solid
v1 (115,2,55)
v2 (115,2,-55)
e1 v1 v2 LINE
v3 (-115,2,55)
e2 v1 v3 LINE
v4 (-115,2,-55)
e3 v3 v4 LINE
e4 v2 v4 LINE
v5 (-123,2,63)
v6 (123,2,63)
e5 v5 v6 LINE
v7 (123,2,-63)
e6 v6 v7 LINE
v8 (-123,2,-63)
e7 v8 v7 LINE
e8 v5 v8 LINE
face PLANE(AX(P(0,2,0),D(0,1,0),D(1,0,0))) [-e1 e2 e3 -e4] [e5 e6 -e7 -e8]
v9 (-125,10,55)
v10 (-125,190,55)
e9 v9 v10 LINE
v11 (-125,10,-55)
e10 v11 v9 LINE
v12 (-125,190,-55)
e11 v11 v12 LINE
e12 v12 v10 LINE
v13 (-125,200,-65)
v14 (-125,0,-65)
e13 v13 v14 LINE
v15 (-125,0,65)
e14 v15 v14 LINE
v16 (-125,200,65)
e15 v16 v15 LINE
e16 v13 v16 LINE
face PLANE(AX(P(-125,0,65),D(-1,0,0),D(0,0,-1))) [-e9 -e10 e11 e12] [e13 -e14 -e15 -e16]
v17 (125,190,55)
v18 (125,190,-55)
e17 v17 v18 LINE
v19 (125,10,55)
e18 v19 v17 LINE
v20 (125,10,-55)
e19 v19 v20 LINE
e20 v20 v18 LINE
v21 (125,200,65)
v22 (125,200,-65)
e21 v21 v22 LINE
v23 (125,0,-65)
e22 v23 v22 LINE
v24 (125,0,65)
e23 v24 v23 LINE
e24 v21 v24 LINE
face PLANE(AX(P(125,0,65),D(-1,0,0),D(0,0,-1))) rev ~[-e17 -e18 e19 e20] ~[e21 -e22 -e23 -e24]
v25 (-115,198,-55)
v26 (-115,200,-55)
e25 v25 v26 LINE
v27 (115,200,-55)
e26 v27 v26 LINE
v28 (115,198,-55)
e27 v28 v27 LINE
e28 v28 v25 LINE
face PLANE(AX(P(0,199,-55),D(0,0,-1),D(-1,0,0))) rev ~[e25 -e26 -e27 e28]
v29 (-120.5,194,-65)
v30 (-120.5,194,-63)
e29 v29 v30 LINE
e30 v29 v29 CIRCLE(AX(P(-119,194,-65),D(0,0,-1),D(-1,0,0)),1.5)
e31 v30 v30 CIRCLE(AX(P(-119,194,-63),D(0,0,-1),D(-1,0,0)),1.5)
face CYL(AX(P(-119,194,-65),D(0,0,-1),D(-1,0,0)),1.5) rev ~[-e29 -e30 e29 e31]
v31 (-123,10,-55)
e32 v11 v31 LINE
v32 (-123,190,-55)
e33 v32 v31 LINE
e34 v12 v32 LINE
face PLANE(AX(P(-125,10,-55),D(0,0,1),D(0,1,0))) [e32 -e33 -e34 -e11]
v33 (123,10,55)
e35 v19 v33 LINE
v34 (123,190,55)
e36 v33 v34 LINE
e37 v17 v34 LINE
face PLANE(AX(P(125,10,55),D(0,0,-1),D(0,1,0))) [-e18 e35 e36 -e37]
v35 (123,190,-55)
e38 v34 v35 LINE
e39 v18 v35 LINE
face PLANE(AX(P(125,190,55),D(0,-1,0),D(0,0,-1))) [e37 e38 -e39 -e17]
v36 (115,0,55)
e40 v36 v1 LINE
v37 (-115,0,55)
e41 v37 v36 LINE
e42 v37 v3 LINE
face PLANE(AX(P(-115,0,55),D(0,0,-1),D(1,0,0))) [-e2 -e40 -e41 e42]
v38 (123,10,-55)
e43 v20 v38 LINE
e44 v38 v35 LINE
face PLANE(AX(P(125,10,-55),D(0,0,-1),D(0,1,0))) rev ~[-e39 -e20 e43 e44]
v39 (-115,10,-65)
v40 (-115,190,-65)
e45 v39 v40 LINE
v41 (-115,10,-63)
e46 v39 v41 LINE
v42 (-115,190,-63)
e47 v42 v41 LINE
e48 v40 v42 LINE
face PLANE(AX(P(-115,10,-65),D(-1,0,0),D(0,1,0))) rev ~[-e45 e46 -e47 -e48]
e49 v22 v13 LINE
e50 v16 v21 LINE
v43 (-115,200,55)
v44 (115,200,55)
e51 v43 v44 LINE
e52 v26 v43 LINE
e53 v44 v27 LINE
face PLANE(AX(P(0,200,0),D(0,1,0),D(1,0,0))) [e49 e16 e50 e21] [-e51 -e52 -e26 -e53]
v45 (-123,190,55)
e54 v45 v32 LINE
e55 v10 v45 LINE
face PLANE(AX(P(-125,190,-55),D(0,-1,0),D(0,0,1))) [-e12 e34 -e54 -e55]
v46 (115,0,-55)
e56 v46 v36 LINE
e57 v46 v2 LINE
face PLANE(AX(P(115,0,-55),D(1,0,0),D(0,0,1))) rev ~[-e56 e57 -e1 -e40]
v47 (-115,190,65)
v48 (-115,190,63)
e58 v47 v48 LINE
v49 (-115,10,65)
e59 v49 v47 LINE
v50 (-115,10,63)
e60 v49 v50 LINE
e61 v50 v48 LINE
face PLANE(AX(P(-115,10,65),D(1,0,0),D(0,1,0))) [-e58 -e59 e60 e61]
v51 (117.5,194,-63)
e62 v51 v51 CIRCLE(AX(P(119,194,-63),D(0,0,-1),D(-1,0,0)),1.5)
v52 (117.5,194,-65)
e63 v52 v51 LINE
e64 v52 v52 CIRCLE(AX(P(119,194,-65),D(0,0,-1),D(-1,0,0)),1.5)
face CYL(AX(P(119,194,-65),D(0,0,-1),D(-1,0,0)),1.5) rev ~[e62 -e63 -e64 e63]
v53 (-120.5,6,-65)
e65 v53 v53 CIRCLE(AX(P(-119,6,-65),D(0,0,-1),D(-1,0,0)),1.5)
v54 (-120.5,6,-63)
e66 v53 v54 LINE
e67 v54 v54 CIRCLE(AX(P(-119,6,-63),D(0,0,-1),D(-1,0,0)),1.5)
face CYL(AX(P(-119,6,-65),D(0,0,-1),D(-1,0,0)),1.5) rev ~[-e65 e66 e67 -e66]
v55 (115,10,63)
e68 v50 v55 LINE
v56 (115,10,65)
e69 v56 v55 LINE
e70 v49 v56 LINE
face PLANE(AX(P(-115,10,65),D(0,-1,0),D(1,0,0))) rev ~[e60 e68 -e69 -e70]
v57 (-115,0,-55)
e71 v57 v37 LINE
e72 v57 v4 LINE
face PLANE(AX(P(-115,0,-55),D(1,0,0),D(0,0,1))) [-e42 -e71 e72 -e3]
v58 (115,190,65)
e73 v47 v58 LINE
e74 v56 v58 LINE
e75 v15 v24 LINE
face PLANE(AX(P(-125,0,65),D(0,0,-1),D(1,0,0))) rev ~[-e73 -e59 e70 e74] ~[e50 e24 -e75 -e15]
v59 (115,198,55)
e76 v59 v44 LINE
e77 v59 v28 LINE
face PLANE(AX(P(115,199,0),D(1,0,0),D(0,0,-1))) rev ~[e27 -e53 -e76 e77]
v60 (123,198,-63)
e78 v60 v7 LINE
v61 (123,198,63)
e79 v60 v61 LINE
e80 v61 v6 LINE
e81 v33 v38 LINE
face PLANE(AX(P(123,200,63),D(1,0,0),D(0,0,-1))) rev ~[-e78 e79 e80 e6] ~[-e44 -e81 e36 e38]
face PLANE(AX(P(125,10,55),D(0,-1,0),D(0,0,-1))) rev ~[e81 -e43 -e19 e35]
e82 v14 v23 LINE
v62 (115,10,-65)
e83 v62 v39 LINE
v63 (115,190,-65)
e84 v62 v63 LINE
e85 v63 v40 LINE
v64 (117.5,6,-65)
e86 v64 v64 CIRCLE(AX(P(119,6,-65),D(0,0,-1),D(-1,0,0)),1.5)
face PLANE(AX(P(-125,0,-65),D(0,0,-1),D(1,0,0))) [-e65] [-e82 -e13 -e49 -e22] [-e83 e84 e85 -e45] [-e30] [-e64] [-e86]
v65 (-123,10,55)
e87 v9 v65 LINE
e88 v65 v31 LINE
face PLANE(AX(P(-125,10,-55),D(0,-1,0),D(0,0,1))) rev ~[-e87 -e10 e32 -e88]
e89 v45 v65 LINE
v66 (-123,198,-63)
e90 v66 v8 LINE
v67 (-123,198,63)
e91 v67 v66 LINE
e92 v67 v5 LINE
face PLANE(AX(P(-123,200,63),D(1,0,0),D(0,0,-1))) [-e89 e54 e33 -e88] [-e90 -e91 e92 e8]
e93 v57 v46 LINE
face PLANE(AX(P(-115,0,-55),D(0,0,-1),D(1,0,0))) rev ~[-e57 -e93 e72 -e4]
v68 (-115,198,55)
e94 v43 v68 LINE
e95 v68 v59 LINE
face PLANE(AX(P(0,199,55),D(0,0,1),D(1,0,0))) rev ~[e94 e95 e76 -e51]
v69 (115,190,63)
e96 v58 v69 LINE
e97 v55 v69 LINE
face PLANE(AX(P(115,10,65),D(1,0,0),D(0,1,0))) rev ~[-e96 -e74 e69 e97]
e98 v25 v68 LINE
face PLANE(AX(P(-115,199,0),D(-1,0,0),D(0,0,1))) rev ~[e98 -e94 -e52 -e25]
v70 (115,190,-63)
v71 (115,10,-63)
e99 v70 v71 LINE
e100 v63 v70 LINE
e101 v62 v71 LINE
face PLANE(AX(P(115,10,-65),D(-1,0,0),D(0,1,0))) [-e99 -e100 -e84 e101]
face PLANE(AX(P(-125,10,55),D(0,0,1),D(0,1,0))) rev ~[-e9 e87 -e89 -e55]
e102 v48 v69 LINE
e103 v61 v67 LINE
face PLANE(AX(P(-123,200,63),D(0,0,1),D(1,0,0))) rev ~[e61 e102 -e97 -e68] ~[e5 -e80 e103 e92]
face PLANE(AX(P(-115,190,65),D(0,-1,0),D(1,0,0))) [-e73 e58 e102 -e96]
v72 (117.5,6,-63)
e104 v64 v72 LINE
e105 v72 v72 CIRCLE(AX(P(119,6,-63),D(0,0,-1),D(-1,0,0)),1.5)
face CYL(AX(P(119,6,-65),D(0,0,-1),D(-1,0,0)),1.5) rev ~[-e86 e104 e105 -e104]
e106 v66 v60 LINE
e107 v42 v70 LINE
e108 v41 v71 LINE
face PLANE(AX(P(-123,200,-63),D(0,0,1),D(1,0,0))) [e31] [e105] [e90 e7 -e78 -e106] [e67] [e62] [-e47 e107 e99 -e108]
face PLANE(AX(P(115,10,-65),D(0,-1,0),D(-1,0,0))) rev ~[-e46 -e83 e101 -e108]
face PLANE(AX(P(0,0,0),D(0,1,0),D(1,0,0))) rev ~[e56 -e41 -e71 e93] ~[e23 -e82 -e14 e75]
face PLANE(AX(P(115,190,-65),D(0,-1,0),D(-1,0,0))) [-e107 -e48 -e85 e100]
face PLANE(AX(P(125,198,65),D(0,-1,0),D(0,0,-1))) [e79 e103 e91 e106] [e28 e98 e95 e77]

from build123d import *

# Parameters (mm, degrees)
SKETCH1_W           = 250
SKETCH1_H           = 130
BOSS_EXTRUDE1_DEPTH = 200
SKETCH2_W           = 246
SKETCH2_H           = 126
CUT_EXTRUDE1_DEPTH  = 198
SKETCH3_W           = 230
SKETCH3_H           = 180
CUT_EXTRUDE2_DEPTH  = 3
SKETCH4_W           = 250
SKETCH4_H           = 2
BOSS_EXTRUDE2_DEPTH = 10
SKETCH5_W           = 110
SKETCH5_H           = 180
CUT_EXTRUDE3_DEPTH  = 3
SKETCH6_W           = 130
SKETCH6_H           = 2
BOSS_EXTRUDE3_DEPTH = 10
SKETCH7_W           = 230
SKETCH7_H           = 180
CUT_EXTRUDE4_DEPTH  = 3
SKETCH8_W           = 250
SKETCH8_H           = 2
BOSS_EXTRUDE4_DEPTH = 10
SKETCH9_W           = 110
SKETCH9_H           = 180
CUT_EXTRUDE5_DEPTH  = 3
SKETCH10_W          = 130
SKETCH10_H          = 2
BOSS_EXTRUDE5_DEPTH = 10
SKETCH11_W          = 230
SKETCH11_H          = 110
CUT_EXTRUDE7_DEPTH  = 3
SKETCH12_R          = 1.5
CUT_EXTRUDE8_DEPTH  = 3


with BuildPart() as part:
    # Sketch1 → Boss-Extrude1 (new body)
    with BuildSketch(Plane(origin=(0, 0, 0), x_dir=(1, 0, 0), z_dir=(0, 1, 0))):
        Rectangle(SKETCH1_W, SKETCH1_H)
    extrude(amount=BOSS_EXTRUDE1_DEPTH)

    # Sketch2 → Cut-Extrude1 (cut)
    with BuildSketch(Plane(origin=(0, 200, 0), x_dir=(1, 0, 0), z_dir=(0, 1, 0))):
        Rectangle(SKETCH2_W, SKETCH2_H)
    extrude(amount=-CUT_EXTRUDE1_DEPTH, mode=Mode.SUBTRACT)

    # Sketch3 → Cut-Extrude2 (cut)
    with BuildSketch(Plane.XY.offset(65)):
        with Locations((0, 100)):
            Rectangle(SKETCH3_W, SKETCH3_H)
    extrude(amount=-CUT_EXTRUDE2_DEPTH, mode=Mode.SUBTRACT)

    # Sketch4 → Boss-Extrude2 (add)
    with BuildSketch(Plane.XY.offset(65)):
        with Locations((0, 199)):
            Rectangle(SKETCH4_W, SKETCH4_H)
    extrude(amount=-BOSS_EXTRUDE2_DEPTH)

    # Sketch5 → Cut-Extrude3 (cut)
    with BuildSketch(Plane(origin=(125, 0, 0), x_dir=(0, 0, -1), z_dir=(1, 0, 0))):
        with Locations((0, 100)):
            Rectangle(SKETCH5_W, SKETCH5_H)
    extrude(amount=-CUT_EXTRUDE3_DEPTH, mode=Mode.SUBTRACT)

    # Sketch6 → Boss-Extrude3 (add)
    with BuildSketch(Plane(origin=(125, 0, 0), x_dir=(0, 0, -1), z_dir=(1, 0, 0))):
        with Locations((0, 199)):
            Rectangle(SKETCH6_W, SKETCH6_H)
    extrude(amount=-BOSS_EXTRUDE3_DEPTH)

    # Sketch7 → Cut-Extrude4 (cut)
    with BuildSketch(Plane(origin=(0, 0, -65), x_dir=(-1, 0, 0), z_dir=(0, 0, -1))):
        with Locations((0, 100)):
            Rectangle(SKETCH7_W, SKETCH7_H)
    extrude(amount=-CUT_EXTRUDE4_DEPTH, mode=Mode.SUBTRACT)

    # Sketch8 → Boss-Extrude4 (add)
    with BuildSketch(Plane(origin=(0, 0, -65), x_dir=(-1, 0, 0), z_dir=(0, 0, -1))):
        with Locations((0, 199)):
            Rectangle(SKETCH8_W, SKETCH8_H)
    extrude(amount=-BOSS_EXTRUDE4_DEPTH)

    # Sketch9 → Cut-Extrude5 (cut)
    with BuildSketch(Plane.ZY.offset(125)):
        with Locations((0, 100)):
            Rectangle(SKETCH9_W, SKETCH9_H)
    extrude(amount=-CUT_EXTRUDE5_DEPTH, mode=Mode.SUBTRACT)

    # Sketch10 → Boss-Extrude5 (add)
    with BuildSketch(Plane.ZY.offset(125)):
        with Locations((0, 199)):
            Rectangle(SKETCH10_W, SKETCH10_H)
    extrude(amount=-BOSS_EXTRUDE5_DEPTH)

    # Sketch11 → Cut-Extrude7 (cut)
    with BuildSketch(Plane.XZ):
        Rectangle(SKETCH11_W, SKETCH11_H)
    extrude(amount=-CUT_EXTRUDE7_DEPTH, mode=Mode.SUBTRACT)

    # Sketch12 → Cut-Extrude8 (cut)
    with BuildSketch(Plane(origin=(0, 0, -65), x_dir=(-1, 0, 0), z_dir=(0, 0, -1))):
        with Locations((-119, 194)):
            Circle(SKETCH12_R)
        with Locations((119, 194)):
            Circle(SKETCH12_R)
        with Locations((119, 6)):
            Circle(SKETCH12_R)
        with Locations((-119, 6)):
            Circle(SKETCH12_R)
    extrude(amount=-CUT_EXTRUDE8_DEPTH, mode=Mode.SUBTRACT)


solid = part.part
